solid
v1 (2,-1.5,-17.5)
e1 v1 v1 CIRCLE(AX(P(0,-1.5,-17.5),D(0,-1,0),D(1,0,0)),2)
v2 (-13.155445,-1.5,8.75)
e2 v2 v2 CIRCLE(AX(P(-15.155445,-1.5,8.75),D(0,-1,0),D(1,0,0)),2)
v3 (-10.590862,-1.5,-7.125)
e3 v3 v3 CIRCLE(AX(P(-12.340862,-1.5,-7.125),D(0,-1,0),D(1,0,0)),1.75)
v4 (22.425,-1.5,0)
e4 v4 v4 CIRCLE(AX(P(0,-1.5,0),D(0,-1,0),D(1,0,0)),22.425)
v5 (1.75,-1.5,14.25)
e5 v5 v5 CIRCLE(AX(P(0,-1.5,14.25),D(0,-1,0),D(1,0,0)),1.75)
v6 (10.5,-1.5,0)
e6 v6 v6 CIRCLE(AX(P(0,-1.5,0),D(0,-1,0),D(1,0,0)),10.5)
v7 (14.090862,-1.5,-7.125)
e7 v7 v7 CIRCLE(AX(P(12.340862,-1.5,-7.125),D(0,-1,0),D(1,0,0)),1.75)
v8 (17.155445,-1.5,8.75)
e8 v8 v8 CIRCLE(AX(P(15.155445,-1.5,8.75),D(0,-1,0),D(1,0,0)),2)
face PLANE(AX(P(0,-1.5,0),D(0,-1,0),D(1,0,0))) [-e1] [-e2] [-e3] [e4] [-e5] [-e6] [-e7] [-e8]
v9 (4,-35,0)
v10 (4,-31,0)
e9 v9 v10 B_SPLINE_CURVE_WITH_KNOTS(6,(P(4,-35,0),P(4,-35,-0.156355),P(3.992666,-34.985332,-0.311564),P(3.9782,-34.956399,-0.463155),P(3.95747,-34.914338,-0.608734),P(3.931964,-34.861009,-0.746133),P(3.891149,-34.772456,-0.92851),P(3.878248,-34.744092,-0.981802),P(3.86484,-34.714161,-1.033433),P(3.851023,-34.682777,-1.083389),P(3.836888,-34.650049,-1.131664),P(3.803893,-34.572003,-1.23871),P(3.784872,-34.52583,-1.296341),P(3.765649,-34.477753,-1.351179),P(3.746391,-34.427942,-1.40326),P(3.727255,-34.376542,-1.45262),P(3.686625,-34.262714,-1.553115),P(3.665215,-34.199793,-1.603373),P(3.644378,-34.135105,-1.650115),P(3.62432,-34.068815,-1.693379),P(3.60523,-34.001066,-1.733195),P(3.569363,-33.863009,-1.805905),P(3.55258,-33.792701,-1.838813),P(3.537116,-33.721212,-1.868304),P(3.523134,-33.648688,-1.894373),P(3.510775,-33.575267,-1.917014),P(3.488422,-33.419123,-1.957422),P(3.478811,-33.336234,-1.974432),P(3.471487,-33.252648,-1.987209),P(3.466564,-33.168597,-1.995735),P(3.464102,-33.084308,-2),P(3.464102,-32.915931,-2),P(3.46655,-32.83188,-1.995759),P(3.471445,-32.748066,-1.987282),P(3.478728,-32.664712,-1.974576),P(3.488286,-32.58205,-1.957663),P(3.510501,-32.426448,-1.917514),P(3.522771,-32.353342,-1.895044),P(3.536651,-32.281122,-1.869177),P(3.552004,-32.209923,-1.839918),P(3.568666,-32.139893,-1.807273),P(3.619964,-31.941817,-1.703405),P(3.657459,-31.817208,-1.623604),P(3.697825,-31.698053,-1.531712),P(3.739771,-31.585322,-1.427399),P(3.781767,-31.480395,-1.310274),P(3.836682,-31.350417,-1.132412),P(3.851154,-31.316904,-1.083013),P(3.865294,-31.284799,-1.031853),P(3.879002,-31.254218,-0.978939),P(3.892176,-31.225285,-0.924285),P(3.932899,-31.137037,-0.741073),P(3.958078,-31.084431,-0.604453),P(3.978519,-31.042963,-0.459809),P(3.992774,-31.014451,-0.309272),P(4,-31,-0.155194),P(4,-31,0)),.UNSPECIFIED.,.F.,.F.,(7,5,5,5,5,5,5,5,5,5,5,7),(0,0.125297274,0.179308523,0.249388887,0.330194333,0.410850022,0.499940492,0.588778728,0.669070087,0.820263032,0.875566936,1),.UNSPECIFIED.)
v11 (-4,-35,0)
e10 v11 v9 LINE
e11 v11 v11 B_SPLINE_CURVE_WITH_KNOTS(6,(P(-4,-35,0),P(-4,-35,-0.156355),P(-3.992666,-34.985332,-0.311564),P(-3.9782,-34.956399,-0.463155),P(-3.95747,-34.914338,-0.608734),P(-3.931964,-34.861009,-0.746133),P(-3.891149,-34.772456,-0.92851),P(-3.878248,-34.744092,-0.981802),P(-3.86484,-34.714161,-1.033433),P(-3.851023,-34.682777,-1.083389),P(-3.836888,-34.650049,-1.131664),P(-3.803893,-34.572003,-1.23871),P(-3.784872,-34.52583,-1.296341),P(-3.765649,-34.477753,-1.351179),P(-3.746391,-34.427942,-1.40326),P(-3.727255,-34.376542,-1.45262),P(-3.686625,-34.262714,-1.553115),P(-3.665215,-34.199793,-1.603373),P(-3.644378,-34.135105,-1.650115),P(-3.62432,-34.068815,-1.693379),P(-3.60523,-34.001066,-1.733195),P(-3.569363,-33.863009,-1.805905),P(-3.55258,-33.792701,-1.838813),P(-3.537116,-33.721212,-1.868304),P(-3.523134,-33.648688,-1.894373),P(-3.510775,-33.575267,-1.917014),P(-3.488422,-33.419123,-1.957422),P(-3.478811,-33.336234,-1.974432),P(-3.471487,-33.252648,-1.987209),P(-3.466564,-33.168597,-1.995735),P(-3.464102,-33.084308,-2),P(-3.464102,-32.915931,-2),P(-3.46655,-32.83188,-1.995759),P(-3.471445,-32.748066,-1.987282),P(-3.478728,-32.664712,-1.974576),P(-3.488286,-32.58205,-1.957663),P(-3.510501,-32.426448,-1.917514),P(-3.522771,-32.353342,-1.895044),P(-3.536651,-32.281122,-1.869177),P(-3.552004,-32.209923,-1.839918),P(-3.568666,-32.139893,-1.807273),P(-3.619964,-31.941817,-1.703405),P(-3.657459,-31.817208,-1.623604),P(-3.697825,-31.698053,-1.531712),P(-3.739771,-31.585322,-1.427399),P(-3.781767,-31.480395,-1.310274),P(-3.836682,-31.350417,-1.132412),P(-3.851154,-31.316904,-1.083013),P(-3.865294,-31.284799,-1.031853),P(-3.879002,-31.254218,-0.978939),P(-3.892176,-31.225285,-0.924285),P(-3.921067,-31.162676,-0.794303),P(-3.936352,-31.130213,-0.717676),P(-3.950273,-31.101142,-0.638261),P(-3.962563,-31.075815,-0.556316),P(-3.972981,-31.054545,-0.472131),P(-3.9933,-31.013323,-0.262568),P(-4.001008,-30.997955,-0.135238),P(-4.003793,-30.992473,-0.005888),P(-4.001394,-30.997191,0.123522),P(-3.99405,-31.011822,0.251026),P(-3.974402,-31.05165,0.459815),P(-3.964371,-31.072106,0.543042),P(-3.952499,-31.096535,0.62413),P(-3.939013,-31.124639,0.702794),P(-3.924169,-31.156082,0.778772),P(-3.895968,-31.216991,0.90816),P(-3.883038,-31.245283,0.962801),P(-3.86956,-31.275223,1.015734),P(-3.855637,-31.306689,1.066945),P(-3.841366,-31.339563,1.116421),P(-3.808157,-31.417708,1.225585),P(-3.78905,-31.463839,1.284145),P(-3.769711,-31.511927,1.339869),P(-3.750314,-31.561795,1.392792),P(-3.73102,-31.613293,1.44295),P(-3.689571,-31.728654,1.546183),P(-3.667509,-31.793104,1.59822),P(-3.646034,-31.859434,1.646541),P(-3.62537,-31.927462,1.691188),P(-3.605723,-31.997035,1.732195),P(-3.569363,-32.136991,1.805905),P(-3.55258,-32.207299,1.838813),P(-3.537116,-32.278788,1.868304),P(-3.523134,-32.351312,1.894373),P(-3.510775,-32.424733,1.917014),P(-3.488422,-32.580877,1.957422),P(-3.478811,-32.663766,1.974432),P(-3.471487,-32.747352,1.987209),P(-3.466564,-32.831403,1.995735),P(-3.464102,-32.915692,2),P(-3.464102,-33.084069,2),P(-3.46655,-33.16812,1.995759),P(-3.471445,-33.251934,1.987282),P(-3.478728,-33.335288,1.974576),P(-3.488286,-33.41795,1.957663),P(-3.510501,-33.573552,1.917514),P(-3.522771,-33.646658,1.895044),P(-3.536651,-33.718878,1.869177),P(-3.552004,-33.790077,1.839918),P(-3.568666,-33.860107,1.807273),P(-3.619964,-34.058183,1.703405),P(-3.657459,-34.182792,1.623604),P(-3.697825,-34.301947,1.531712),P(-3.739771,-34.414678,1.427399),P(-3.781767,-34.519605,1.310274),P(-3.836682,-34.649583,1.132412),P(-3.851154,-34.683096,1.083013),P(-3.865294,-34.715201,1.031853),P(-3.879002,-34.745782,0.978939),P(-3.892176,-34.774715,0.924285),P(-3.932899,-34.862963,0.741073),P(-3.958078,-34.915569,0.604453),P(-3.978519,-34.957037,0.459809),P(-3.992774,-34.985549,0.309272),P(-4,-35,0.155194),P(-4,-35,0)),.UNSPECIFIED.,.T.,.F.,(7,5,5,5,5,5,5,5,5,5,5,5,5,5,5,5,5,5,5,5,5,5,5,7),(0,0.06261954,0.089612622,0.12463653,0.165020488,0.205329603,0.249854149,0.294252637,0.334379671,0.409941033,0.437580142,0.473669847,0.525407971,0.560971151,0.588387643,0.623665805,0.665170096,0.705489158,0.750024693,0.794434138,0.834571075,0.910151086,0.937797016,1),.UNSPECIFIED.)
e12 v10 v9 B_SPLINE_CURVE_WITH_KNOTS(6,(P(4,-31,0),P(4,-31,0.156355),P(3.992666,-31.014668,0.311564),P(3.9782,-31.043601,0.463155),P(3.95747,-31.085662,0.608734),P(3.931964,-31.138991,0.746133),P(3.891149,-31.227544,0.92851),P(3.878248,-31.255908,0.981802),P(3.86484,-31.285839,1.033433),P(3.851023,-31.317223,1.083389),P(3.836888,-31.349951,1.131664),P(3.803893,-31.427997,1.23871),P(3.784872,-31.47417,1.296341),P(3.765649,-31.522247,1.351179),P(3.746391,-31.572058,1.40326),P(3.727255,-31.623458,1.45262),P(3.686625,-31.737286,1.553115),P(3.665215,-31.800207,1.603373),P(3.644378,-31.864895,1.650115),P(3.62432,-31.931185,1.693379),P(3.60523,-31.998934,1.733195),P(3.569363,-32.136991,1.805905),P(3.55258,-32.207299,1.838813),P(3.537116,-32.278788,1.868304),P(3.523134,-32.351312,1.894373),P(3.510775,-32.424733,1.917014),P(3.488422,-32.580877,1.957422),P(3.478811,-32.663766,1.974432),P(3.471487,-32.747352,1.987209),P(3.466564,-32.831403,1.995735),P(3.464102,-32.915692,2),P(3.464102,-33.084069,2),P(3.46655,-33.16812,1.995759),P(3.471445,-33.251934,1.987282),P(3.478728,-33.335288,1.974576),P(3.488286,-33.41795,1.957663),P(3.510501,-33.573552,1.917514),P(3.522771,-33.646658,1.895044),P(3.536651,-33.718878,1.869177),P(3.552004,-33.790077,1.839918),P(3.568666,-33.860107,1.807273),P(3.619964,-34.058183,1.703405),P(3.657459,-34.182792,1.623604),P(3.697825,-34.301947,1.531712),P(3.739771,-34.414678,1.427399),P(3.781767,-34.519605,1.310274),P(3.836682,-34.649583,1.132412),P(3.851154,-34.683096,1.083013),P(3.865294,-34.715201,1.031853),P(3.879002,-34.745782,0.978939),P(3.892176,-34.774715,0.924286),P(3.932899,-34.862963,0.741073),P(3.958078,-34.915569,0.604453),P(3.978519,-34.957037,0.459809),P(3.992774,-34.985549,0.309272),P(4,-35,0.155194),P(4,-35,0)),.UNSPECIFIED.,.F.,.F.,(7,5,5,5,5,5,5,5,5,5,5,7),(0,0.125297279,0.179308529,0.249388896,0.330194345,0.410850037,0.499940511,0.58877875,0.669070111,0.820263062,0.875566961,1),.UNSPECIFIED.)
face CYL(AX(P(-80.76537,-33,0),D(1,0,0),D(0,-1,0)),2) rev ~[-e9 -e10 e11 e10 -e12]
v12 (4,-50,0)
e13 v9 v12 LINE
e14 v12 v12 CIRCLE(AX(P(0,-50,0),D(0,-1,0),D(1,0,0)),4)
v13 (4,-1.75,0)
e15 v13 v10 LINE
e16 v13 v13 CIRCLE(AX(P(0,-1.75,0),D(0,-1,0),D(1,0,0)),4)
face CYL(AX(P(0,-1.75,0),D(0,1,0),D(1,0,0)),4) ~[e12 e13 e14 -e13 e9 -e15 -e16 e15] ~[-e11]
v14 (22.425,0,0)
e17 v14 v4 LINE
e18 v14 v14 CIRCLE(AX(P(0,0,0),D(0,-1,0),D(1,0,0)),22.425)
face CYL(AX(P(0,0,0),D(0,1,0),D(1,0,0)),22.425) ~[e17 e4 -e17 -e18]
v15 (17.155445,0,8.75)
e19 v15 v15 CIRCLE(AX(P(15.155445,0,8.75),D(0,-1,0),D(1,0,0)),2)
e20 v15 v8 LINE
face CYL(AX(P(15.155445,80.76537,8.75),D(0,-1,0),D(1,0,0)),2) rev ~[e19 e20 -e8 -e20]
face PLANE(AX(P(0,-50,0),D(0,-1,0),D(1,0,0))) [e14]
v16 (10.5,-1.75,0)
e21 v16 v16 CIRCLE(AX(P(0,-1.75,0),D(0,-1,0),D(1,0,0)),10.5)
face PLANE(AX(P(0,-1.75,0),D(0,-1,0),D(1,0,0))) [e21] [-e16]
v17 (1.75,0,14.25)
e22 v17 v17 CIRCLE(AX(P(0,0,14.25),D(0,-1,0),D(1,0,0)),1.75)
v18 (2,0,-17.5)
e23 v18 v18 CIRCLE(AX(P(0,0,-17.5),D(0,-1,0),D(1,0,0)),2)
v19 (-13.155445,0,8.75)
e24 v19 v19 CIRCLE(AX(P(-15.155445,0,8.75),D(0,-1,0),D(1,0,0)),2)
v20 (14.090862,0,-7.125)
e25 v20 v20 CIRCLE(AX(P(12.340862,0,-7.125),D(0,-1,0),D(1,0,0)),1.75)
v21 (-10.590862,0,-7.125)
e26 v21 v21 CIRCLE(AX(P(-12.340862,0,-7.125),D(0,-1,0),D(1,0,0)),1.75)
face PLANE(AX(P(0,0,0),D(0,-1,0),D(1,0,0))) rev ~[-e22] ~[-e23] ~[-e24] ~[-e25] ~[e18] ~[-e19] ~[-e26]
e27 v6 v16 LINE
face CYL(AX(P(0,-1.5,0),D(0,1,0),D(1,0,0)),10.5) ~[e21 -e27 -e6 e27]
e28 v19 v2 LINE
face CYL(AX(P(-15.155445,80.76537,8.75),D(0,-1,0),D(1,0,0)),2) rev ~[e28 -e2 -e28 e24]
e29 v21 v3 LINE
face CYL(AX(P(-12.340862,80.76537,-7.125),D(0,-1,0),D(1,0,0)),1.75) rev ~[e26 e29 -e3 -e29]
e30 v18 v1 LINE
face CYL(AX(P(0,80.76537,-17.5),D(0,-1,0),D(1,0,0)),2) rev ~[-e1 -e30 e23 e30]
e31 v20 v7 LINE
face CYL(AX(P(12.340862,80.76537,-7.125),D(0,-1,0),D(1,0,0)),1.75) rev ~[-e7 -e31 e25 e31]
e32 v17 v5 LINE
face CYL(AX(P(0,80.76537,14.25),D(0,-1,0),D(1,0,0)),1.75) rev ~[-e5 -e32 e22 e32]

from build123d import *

# Parameters (mm, degrees)
F0_R     = 22.425
F1_DEPTH = 1.5
F2_R     = 10.5
F3_DEPTH = 0.25
F4_R     = 4
F5_DEPTH = 48.25
F7_D     = 4
F9_D     = 4
F11_D    = 3.5
F13_D    = 4


with BuildPart() as f1:
    # F0 (on Front) → F1 (new body)
    with BuildSketch(Plane.XZ):
        Circle(F0_R)
    extrude(amount=F1_DEPTH)

    # F2 (on face) → F3 (join)
    with BuildSketch(Plane.XZ.offset(1.5)):
        Circle(F2_R)
    extrude(amount=F3_DEPTH)

    # F4 (on face) → F5 (join)
    with BuildSketch(Plane.XZ.offset(1.75)):
        Circle(F4_R)
    extrude(amount=F5_DEPTH)

    # F7 (through all)
    with Locations(Plane(origin=(0, 0, 0), x_dir=(0, 1, 0), z_dir=(-1, 0, 0))):
        with Locations((-33, 0)):
            Hole(F7_D / 2)

    # F9 (through all)
    with Locations(Plane.YZ):
        with Locations((-33, 0)):
            Hole(F9_D / 2)

    # F11 (through all)
    with Locations(Plane(origin=(0, 0, 0), x_dir=(-1, 0, 0), z_dir=(0, 1, 0))):
        with Locations((0, 14.25), (-12.340862, -7.125), (12.340862, -7.125)):
            Hole(F11_D / 2)

    # F13 (through all)
    with Locations(Plane(origin=(0, 0, 0), x_dir=(-1, 0, 0), z_dir=(0, 1, 0))):
        with Locations((-15.155445, 8.75), (0, -17.5), (15.155445, 8.75)):
            Hole(F13_D / 2)


solid = f1.part
